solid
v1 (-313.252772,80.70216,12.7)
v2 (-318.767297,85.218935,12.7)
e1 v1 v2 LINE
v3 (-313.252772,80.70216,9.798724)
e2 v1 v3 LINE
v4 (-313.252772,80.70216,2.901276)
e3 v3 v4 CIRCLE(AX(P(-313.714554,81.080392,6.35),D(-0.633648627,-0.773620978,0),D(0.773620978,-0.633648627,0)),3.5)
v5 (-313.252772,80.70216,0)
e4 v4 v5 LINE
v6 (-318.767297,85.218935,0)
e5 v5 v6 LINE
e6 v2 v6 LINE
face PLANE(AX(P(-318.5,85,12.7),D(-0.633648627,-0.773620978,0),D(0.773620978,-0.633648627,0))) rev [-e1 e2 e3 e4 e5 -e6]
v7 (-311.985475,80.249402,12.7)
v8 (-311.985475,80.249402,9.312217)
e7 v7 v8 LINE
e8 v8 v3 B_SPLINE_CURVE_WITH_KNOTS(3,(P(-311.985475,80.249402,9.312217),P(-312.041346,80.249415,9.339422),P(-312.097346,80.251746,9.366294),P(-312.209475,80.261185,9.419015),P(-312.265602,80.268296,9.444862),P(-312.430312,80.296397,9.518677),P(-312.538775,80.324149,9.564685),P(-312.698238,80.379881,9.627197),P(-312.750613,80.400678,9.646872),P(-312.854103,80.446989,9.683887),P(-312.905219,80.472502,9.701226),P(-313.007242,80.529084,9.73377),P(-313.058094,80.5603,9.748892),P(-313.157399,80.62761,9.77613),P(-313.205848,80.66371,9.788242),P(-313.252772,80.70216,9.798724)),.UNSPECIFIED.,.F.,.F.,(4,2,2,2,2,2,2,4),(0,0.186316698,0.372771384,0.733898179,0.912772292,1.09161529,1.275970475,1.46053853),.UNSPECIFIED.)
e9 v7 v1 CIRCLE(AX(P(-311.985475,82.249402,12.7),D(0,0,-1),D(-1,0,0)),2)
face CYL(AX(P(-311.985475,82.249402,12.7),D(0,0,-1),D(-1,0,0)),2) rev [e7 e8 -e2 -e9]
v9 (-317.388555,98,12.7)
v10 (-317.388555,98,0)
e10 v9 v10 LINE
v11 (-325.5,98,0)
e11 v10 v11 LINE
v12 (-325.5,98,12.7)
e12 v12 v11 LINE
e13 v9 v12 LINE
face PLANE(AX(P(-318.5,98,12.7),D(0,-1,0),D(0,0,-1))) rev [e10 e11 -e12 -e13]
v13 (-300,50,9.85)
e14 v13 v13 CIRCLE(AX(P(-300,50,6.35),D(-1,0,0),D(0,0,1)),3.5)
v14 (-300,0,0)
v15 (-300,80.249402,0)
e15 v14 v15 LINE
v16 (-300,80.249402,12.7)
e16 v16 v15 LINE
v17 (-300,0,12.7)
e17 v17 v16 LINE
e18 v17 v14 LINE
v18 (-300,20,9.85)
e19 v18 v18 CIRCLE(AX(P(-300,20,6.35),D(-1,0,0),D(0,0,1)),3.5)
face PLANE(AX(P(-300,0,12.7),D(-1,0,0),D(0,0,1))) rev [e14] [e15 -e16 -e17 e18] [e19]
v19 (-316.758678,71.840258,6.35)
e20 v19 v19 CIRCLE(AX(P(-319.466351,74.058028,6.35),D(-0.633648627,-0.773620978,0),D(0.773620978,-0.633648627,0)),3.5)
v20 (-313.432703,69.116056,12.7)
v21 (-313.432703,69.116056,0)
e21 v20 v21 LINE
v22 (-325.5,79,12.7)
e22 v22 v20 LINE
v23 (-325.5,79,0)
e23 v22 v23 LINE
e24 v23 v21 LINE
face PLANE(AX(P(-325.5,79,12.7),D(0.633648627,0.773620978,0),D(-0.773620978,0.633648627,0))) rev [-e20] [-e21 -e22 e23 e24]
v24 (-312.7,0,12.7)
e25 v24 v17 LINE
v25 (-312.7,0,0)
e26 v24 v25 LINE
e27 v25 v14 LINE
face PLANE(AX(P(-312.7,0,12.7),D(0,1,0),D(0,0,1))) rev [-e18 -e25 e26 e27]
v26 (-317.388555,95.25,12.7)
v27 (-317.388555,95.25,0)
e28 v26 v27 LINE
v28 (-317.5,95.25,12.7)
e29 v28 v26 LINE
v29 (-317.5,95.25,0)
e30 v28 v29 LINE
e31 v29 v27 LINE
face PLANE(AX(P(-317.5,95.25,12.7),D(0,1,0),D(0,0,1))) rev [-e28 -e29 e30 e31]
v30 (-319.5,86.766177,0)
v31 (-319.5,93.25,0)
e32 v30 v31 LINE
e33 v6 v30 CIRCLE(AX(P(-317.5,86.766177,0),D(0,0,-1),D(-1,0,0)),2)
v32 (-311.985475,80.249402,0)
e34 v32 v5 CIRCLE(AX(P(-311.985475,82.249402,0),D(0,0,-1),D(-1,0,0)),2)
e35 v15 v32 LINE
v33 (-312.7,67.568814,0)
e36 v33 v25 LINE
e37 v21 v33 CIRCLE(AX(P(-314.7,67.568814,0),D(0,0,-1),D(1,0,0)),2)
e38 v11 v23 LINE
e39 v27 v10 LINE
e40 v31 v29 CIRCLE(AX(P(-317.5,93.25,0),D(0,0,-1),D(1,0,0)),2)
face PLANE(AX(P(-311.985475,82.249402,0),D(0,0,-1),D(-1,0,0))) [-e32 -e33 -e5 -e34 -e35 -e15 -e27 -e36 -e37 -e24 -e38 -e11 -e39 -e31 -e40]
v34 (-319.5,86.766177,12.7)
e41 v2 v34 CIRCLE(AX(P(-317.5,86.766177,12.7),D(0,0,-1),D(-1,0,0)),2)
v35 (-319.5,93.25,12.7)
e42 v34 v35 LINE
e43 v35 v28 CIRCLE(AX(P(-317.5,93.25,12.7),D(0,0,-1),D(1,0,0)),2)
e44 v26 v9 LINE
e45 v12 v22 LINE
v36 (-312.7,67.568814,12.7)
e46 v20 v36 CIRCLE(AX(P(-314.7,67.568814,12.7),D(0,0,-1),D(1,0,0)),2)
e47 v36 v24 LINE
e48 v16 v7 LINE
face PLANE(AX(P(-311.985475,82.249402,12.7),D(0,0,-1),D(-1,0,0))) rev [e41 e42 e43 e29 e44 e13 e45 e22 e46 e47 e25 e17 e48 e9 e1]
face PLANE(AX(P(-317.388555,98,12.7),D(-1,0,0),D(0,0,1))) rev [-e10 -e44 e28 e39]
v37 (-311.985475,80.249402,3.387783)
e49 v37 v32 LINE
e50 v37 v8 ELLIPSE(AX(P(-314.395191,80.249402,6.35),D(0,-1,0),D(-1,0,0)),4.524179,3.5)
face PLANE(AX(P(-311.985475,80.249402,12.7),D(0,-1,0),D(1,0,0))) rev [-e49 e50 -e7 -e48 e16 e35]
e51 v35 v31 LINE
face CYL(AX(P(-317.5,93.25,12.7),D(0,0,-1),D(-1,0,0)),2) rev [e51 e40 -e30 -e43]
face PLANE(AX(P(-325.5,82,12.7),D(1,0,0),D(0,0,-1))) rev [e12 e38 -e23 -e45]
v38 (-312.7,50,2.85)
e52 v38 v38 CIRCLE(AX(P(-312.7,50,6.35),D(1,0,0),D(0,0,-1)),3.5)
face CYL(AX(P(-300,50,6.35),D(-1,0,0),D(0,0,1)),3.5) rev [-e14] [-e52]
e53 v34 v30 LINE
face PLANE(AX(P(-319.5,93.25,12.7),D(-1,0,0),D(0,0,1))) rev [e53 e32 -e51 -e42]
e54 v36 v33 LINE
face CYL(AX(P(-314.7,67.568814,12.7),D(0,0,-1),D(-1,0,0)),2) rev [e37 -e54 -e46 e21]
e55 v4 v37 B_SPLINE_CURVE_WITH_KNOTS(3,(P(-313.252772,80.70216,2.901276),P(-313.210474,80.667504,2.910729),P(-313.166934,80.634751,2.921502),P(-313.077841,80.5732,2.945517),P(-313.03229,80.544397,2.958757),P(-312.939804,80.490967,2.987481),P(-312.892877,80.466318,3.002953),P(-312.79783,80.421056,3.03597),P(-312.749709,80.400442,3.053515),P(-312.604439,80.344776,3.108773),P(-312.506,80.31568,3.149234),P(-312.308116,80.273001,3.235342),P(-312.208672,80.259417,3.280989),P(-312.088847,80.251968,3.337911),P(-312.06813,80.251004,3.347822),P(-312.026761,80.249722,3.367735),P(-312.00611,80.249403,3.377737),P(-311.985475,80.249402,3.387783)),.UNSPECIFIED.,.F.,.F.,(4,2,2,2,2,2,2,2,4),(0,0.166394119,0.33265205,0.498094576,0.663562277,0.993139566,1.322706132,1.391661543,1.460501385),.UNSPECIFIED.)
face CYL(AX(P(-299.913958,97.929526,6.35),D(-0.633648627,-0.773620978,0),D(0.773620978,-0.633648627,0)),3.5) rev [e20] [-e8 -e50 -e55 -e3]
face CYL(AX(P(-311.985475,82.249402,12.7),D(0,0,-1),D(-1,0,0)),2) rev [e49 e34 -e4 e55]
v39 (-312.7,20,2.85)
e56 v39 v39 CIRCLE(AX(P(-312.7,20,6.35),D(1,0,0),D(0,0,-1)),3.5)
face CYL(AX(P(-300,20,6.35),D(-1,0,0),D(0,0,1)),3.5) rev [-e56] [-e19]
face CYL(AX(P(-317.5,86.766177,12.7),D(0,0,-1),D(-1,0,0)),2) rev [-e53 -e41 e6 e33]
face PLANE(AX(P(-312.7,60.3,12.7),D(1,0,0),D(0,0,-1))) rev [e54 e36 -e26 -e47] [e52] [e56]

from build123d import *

# Parameters (mm, degrees)
BOSS_EXTRUDE1_DEPTH     = 12.7
CUT_EXTRUDE1_DEPTH      = 100.645019946
CUT_EXTRUDE1_DEPTH_BACK = 100.645019946
SKETCH6_R               = 3.5
SKETCH8_R               = 3.5
CUT_EXTRUDE2_DEPTH      = 315.511656717


with BuildPart() as part:
    # Sketch1 → Boss-Extrude1 (new body)
    with BuildSketch(Plane.XY):
        with BuildLine():
            Line((-312.7, 0), (-300, 0))
            Line((-300, 0), (-300, 80.249402298))
            Line((-300, 80.249402298), (-311.985474591, 80.249402298))
            ThreePointArc((-311.985474591, 80.249402298), (-312.658347569, 80.365989981), (-313.252771846, 80.702160342))
            Line((-313.252771846, 80.702160342), (-317.170141731, 83.91075489))
            Line((-317.170141731, 83.91075489), (-318.5, 85))
            Line((-318.5, 85), (-318.767297255, 85.21893478))
            ThreePointArc((-318.767297255, 85.21893478), (-319.307566667, 85.91019616), (-319.5, 86.766176735))
            Line((-319.5, 86.766176735), (-319.5, 93.25))
            ThreePointArc((-319.5, 93.25), (-318.914213562, 94.664213562), (-317.5, 95.25))
            Line((-317.5, 95.25), (-317.388555411, 95.25))
            Line((-317.388555411, 95.25), (-317.388555411, 96.25))
            Line((-317.388555411, 96.25), (-317.388555411, 98))
            Line((-317.388555411, 98), (-318.5, 98))
            Line((-318.5, 98), (-325.5, 98))
            Line((-325.5, 98), (-325.5, 85))
            Line((-325.5, 85), (-325.5, 82))
            Line((-325.5, 82), (-325.5, 79))
            Line((-325.5, 79), (-313.432702745, 69.116056102))
            ThreePointArc((-313.432702745, 69.116056102), (-312.892433333, 68.424794722), (-312.7, 67.568814146))
            Line((-312.7, 67.568814146), (-312.7, 63.3))
            Line((-312.7, 63.3), (-312.7, 60.3))
            Line((-312.7, 60.3), (-312.7, 0))
        make_face()
    extrude(amount=BOSS_EXTRUDE1_DEPTH)

    # Sketch6 → Cut-Extrude1 (cut, two sides: drawn at the far end of the back side and taken through both)
    with BuildSketch(Plane.ZY.offset(312.7).offset(-CUT_EXTRUDE1_DEPTH_BACK)):
        with Locations((6.35, 50)):
            Circle(SKETCH6_R)
        with Locations((6.35, 20)):
            Circle(SKETCH6_R)
    extrude(amount=CUT_EXTRUDE1_DEPTH + CUT_EXTRUDE1_DEPTH_BACK, mode=Mode.SUBTRACT)

    # Sketch8 → Cut-Extrude2 (cut, through all)
    with BuildSketch(Plane(origin=(-91.96558898, -112.280695929, 0), x_dir=(0.7736209776319443, -0.6336486273699289, 0), z_dir=(-0.6336486273699289, -0.7736209776319443, 0))):
        with Locations((-294.07263889, 6.35)):
            Circle(SKETCH8_R)
    extrude(amount=-CUT_EXTRUDE2_DEPTH, mode=Mode.SUBTRACT)


solid = part.part
